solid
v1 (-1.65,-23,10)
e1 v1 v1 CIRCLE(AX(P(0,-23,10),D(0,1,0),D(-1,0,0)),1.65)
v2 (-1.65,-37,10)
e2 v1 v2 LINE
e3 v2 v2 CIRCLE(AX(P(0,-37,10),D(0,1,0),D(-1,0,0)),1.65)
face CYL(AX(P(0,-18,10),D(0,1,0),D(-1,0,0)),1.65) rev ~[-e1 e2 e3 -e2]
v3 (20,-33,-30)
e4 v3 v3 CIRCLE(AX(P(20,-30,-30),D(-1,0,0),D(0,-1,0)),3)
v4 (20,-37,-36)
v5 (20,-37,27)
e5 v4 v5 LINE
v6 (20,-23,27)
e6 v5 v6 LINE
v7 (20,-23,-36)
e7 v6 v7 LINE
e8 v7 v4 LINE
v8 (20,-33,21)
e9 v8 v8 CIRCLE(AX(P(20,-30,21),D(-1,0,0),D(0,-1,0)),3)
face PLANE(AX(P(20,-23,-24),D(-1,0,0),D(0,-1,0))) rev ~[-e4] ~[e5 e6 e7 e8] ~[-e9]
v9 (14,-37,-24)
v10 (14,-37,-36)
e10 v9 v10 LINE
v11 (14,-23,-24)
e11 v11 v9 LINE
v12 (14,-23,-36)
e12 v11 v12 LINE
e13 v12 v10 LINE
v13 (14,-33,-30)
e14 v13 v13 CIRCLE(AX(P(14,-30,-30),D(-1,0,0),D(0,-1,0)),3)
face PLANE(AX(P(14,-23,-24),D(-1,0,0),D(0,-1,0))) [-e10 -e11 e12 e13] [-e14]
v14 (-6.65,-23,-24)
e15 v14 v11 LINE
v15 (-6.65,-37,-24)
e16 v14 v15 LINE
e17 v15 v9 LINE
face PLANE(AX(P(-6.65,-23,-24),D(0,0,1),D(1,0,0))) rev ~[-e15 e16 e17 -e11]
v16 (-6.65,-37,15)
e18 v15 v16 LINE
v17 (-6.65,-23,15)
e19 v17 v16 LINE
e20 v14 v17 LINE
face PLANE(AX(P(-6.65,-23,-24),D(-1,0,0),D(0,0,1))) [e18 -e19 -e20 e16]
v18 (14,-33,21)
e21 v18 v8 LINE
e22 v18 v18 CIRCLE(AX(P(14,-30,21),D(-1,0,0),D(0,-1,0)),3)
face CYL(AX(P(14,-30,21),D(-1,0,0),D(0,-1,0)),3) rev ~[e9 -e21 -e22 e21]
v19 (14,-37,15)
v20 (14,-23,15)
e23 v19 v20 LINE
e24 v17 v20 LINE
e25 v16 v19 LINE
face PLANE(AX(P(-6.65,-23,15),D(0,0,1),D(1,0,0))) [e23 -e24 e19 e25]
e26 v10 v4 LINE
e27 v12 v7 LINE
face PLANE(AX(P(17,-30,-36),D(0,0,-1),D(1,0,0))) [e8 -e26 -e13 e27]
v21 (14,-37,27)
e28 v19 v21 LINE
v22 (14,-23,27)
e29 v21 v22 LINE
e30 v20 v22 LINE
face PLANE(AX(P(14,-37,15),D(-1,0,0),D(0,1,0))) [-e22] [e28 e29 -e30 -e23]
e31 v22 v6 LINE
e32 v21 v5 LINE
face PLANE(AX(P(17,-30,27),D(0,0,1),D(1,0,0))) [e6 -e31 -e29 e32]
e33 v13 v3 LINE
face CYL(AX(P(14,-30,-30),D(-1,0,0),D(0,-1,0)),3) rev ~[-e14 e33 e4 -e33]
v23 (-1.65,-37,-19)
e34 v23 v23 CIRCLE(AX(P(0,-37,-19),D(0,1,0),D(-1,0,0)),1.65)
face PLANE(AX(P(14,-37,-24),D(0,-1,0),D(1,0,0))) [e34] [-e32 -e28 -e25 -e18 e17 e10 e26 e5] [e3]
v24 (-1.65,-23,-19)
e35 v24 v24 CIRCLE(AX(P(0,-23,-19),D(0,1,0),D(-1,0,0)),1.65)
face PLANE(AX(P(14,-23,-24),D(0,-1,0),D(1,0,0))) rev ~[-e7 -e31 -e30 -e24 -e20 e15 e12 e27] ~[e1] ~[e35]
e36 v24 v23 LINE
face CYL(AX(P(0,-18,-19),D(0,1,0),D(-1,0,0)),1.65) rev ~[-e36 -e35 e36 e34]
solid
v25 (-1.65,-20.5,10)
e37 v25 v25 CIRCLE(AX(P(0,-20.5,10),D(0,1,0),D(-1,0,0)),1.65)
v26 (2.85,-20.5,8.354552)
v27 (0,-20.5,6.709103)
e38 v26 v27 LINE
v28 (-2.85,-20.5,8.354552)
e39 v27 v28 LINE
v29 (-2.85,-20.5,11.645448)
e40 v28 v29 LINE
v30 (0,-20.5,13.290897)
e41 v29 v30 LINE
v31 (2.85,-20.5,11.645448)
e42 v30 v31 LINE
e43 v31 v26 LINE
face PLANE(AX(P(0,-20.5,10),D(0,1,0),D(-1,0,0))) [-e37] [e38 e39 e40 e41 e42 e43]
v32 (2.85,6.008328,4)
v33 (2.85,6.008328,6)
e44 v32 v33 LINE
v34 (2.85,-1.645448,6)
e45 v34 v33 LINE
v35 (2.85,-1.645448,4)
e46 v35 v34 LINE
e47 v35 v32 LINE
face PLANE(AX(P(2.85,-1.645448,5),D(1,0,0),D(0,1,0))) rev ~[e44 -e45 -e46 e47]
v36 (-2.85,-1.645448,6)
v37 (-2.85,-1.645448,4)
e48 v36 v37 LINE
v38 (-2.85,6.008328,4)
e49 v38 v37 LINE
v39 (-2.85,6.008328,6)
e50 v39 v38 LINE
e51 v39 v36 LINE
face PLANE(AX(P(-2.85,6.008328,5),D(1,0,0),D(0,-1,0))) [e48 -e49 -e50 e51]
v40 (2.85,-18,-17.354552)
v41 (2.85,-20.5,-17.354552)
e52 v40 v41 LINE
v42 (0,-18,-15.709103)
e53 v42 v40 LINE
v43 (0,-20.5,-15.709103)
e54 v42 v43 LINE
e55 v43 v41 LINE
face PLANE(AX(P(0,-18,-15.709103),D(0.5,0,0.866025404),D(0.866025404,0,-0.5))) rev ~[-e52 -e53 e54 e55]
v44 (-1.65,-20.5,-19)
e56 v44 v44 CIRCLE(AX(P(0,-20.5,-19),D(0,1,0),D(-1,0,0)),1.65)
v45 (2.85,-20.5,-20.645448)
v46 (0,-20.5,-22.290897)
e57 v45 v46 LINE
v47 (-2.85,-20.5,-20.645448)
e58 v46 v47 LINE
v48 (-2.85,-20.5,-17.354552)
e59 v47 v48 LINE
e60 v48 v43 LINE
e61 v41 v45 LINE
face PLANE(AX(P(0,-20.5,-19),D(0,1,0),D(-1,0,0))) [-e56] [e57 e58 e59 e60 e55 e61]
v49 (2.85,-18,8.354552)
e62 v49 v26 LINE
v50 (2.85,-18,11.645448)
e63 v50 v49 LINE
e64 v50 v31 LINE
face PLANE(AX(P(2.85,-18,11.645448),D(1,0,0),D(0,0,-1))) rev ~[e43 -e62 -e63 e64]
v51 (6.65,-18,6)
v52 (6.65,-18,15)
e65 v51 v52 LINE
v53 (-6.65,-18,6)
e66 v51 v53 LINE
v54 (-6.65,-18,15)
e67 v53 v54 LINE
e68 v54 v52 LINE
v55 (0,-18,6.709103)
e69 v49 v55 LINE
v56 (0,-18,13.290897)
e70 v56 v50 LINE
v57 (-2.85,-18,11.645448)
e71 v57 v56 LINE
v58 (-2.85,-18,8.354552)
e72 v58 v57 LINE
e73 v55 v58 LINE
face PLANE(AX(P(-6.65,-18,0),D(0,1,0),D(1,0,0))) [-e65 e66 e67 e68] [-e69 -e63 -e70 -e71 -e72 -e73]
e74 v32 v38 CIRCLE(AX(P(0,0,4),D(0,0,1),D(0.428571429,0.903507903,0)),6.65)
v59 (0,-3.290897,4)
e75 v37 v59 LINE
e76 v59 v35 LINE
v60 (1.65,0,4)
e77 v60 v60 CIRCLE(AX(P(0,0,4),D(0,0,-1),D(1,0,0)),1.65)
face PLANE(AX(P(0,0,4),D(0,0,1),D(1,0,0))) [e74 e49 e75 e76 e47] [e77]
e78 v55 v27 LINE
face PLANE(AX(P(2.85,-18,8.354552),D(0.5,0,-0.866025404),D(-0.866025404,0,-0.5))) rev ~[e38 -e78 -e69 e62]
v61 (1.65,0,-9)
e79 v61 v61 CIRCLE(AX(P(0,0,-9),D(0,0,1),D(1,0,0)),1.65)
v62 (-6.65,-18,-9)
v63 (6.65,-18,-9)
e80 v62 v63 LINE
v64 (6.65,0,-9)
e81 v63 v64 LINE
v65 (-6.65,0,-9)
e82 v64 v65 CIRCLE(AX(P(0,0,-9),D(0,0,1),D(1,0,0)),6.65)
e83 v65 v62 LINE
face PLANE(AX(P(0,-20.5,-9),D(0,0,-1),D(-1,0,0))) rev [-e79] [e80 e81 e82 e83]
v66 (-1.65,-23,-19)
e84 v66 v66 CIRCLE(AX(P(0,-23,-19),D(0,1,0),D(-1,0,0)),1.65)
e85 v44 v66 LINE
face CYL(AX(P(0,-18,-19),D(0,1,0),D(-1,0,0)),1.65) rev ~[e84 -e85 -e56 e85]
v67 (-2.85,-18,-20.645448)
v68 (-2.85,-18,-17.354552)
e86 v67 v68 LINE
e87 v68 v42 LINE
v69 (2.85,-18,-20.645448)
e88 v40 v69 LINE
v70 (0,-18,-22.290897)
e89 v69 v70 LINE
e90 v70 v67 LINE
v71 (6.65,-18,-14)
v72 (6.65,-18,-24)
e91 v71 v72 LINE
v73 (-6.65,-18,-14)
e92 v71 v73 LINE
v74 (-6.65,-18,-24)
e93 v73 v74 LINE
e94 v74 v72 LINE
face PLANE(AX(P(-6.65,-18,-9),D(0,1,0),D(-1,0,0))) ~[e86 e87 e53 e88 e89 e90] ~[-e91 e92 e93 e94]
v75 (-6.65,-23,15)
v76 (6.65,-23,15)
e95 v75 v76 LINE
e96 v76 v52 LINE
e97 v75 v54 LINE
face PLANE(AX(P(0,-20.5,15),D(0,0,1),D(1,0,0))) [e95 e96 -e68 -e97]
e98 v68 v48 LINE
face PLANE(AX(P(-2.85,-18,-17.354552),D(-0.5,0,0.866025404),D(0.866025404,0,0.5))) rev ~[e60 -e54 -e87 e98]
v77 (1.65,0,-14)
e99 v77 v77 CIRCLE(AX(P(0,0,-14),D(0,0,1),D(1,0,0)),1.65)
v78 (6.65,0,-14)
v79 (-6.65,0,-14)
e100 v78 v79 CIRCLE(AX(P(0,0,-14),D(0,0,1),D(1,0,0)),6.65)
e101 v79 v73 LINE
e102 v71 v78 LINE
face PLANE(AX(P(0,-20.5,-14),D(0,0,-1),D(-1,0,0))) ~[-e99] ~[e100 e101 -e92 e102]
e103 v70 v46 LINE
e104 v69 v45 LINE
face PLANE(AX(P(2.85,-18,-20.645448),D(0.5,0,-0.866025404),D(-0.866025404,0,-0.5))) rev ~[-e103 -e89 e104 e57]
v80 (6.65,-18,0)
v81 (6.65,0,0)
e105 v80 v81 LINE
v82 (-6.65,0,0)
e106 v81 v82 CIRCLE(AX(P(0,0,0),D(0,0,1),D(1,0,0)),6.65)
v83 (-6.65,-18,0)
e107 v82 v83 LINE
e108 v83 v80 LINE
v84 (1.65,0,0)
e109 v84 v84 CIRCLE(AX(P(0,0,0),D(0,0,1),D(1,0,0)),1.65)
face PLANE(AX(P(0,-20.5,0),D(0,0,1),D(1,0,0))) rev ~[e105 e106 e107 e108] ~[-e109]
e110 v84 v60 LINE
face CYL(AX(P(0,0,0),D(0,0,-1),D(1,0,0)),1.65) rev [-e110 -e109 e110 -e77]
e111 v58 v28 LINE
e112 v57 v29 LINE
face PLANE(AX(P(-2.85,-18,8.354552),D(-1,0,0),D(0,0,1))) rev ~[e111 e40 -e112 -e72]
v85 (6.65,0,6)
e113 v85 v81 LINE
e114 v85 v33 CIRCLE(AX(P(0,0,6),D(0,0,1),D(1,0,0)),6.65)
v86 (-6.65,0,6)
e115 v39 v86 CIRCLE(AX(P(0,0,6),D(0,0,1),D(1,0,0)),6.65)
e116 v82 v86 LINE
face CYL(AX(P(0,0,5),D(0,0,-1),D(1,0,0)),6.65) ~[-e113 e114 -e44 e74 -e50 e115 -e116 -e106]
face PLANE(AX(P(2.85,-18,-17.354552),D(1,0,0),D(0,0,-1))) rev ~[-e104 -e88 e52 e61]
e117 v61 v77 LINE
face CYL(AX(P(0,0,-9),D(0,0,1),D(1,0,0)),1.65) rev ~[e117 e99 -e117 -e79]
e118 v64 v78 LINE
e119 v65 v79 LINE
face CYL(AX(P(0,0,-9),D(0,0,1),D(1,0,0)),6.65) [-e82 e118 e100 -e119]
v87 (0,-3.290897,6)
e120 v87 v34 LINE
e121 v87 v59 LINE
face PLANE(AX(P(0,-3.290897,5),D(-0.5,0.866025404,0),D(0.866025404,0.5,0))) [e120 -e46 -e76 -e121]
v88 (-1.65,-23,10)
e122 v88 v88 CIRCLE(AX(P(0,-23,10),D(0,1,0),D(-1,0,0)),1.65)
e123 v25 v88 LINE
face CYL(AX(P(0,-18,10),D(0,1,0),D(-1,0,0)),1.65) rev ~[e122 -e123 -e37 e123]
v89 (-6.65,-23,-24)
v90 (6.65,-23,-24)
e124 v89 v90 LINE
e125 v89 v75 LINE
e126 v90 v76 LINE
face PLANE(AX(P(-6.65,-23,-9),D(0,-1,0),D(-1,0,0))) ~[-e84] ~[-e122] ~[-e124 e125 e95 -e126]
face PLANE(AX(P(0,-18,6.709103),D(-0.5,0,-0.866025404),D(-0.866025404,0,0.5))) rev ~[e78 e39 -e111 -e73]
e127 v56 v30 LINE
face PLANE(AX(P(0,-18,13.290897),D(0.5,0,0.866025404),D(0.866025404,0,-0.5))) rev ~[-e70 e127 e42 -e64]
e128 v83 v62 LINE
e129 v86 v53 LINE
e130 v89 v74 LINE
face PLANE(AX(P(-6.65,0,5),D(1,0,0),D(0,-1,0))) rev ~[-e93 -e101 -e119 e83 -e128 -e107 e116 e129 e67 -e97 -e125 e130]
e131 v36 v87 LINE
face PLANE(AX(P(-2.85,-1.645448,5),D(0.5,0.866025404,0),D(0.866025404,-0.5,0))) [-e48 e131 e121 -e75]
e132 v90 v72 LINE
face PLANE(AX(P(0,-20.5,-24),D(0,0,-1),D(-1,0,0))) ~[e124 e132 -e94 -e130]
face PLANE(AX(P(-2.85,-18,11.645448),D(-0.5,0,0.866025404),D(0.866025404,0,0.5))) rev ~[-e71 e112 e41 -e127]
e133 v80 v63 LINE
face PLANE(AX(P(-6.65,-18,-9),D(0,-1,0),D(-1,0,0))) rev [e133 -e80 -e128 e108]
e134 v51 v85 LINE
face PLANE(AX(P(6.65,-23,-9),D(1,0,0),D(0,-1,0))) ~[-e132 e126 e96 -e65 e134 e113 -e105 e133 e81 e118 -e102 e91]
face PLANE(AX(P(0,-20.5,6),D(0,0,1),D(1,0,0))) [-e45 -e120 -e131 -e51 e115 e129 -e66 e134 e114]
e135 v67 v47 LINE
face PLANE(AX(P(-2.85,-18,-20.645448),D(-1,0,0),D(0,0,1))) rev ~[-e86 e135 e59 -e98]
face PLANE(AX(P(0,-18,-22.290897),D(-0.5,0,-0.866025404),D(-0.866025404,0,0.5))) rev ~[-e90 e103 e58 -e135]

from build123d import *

# Parameters (mm, degrees)
F0_W      = 13.3
F0_H      = 5
F0_R      = 1.65
F1_DEPTH  = 5
F2_DEPTH  = 15
F3_DEPTH  = 4.5
F6_R      = 1.65
F7_DEPTH  = 2.5
F8_DEPTH  = 25
F10_DEPTH = 1
F11_DEPTH = 1
F12_W     = 26.65
F12_H     = 39
F13_DEPTH = 14
F14_DEPTH = 25
F15_W     = 6
F15_H     = 14
F16_DEPTH = 12
F17_R     = 3
F18_DEPTH = 25
F19_W     = 6
F19_H     = 14
F20_DEPTH = 12
F21_R     = 3
F22_DEPTH = 25


with BuildPart() as f1:
    # F0 (on Top) → F1 (new body)
    with BuildSketch(Plane.XY):
        with Locations((0, -20.5)):
            Rectangle(F0_W, F0_H)
        with BuildLine():
            Line((6.65, -18), (6.65, 0))
            ThreePointArc((6.65, 0), (0, 6.65), (-6.65, 0))
            Line((-6.65, 0), (-6.65, -18))
            Line((-6.65, -18), (6.65, -18))
        make_face()
        Circle(F0_R, mode=Mode.SUBTRACT)
    extrude(amount=F1_DEPTH)

    # F0 (on Top) → F2 (join)
    with BuildSketch(Plane.XY):
        with Locations((0, -20.5)):
            Rectangle(F0_W, F0_H)
    extrude(amount=F2_DEPTH)

    # F0 (on Top) → F3 (join)
    with BuildSketch(Plane.XY):
        with Locations((0, -20.5)):
            Rectangle(F0_W, F0_H)
    extrude(amount=-F3_DEPTH)

    # F5: F1 across plane


with BuildPart() as f1_1:
    add(f1.part)
    add(f1.part.mirror(Plane(origin=(0, -20.5, -4.5), x_dir=(1, 0, 0), z_dir=(0, 0, -1))))

    # F6 (on face) → F7 (cut)
    with BuildSketch(Plane(origin=(0, -18, 0), x_dir=(-1, 0, 0), z_dir=(0, 1, 0))):
        Polygon((2.85, -20.6454482672), (2.85, -17.3545517328), (0, -15.7091034656), (-2.85, -17.3545517328), (-2.85, -20.6454482672), (0, -22.2908965344), align=None)
        with Locations((0, -19)):
            Circle(F6_R, mode=Mode.SUBTRACT)
        Polygon((-2.85, 8.3545517328), (0, 6.7091034656), (2.85, 8.3545517328), (2.85, 11.6454482672), (0, 13.2908965344), (-2.85, 11.6454482672), align=None)
        with Locations((0, 10)):
            Circle(F6_R, mode=Mode.SUBTRACT)
    extrude(amount=-F7_DEPTH, mode=Mode.SUBTRACT)

    # F8 (cut): faces of the model
    f8_faces = [f1_1.faces().sort_by_distance(p)[0] for p in [
        (0, -18, -19),
        (0, -18, 10),
    ]]
    extrude(f8_faces, amount=-F8_DEPTH, mode=Mode.SUBTRACT)

    # F9 (on face) → F10 (cut)
    with BuildSketch(Plane.XY.offset(5)):
        Polygon((2.85, -1.6454482672), (2.85, 1.6454482672), (0, 3.2908965344), (-2.85, 1.6454482672), (-2.85, -1.6454482672), (0, -3.2908965344), align=None)
        with BuildLine():
            Line((0, 3.2908965344), (2.85, 1.6454482672))
            Line((2.85, 1.6454482672), (2.85, 6.0083275543))
            ThreePointArc((2.85, 6.0083275543), (0, 6.65), (-2.85, 6.0083275543))
            Line((-2.85, 6.0083275543), (-2.85, 1.6454482672))
            Line((-2.85, 1.6454482672), (0, 3.2908965344))
        make_face()
    extrude(amount=-F10_DEPTH, mode=Mode.SUBTRACT)

    # F11 (add): a face of the model
    f11_faces = [f1_1.faces().sort_by_distance(p)[0] for p in [
        (0, -7.9774302241, 5),
    ]]
    extrude(f11_faces, amount=F11_DEPTH)


with BuildPart() as f13:
    # F12 (on face) → F13 (new body)
    with BuildSketch(Plane.XZ.offset(23)):
        with Locations((6.675, -4.5)):
            Rectangle(F12_W, F12_H)
    extrude(amount=F13_DEPTH)

    # F6 (on face) → F14 (cut)
    with BuildSketch(Plane(origin=(0, -18, 0), x_dir=(-1, 0, 0), z_dir=(0, 1, 0))):
        with Locations((0, -19)):
            Circle(F6_R)
        with Locations((0, 10)):
            Circle(F6_R)
    extrude(amount=-F14_DEPTH, mode=Mode.SUBTRACT)

    # F15 (on face) → F16 (join)
    with BuildSketch(Plane.XY.offset(15)):
        with Locations((17, -30)):
            Rectangle(F15_W, F15_H)
    extrude(amount=F16_DEPTH)

    # F17 (on face) → F18 (cut)
    with BuildSketch(Plane(origin=(14, 0, 0), x_dir=(0, -1, 0), z_dir=(-1, 0, 0))):
        with Locations((30, 21)):
            Circle(F17_R)
    extrude(amount=-F18_DEPTH, mode=Mode.SUBTRACT)

    # F19 (on face) → F20 (join)
    with BuildSketch(Plane(origin=(0, 0, -24), x_dir=(1, 0, 0), z_dir=(0, 0, -1))):
        with Locations((17, 30)):
            Rectangle(F19_W, F19_H)
    extrude(amount=F20_DEPTH)

    # F21 (on face) → F22 (cut)
    with BuildSketch(Plane(origin=(14, 0, 0), x_dir=(0, -1, 0), z_dir=(-1, 0, 0))):
        with Locations((30, -30)):
            Circle(F21_R)
    extrude(amount=-F22_DEPTH, mode=Mode.SUBTRACT)


solid = Compound([f1_1.part, f13.part])
